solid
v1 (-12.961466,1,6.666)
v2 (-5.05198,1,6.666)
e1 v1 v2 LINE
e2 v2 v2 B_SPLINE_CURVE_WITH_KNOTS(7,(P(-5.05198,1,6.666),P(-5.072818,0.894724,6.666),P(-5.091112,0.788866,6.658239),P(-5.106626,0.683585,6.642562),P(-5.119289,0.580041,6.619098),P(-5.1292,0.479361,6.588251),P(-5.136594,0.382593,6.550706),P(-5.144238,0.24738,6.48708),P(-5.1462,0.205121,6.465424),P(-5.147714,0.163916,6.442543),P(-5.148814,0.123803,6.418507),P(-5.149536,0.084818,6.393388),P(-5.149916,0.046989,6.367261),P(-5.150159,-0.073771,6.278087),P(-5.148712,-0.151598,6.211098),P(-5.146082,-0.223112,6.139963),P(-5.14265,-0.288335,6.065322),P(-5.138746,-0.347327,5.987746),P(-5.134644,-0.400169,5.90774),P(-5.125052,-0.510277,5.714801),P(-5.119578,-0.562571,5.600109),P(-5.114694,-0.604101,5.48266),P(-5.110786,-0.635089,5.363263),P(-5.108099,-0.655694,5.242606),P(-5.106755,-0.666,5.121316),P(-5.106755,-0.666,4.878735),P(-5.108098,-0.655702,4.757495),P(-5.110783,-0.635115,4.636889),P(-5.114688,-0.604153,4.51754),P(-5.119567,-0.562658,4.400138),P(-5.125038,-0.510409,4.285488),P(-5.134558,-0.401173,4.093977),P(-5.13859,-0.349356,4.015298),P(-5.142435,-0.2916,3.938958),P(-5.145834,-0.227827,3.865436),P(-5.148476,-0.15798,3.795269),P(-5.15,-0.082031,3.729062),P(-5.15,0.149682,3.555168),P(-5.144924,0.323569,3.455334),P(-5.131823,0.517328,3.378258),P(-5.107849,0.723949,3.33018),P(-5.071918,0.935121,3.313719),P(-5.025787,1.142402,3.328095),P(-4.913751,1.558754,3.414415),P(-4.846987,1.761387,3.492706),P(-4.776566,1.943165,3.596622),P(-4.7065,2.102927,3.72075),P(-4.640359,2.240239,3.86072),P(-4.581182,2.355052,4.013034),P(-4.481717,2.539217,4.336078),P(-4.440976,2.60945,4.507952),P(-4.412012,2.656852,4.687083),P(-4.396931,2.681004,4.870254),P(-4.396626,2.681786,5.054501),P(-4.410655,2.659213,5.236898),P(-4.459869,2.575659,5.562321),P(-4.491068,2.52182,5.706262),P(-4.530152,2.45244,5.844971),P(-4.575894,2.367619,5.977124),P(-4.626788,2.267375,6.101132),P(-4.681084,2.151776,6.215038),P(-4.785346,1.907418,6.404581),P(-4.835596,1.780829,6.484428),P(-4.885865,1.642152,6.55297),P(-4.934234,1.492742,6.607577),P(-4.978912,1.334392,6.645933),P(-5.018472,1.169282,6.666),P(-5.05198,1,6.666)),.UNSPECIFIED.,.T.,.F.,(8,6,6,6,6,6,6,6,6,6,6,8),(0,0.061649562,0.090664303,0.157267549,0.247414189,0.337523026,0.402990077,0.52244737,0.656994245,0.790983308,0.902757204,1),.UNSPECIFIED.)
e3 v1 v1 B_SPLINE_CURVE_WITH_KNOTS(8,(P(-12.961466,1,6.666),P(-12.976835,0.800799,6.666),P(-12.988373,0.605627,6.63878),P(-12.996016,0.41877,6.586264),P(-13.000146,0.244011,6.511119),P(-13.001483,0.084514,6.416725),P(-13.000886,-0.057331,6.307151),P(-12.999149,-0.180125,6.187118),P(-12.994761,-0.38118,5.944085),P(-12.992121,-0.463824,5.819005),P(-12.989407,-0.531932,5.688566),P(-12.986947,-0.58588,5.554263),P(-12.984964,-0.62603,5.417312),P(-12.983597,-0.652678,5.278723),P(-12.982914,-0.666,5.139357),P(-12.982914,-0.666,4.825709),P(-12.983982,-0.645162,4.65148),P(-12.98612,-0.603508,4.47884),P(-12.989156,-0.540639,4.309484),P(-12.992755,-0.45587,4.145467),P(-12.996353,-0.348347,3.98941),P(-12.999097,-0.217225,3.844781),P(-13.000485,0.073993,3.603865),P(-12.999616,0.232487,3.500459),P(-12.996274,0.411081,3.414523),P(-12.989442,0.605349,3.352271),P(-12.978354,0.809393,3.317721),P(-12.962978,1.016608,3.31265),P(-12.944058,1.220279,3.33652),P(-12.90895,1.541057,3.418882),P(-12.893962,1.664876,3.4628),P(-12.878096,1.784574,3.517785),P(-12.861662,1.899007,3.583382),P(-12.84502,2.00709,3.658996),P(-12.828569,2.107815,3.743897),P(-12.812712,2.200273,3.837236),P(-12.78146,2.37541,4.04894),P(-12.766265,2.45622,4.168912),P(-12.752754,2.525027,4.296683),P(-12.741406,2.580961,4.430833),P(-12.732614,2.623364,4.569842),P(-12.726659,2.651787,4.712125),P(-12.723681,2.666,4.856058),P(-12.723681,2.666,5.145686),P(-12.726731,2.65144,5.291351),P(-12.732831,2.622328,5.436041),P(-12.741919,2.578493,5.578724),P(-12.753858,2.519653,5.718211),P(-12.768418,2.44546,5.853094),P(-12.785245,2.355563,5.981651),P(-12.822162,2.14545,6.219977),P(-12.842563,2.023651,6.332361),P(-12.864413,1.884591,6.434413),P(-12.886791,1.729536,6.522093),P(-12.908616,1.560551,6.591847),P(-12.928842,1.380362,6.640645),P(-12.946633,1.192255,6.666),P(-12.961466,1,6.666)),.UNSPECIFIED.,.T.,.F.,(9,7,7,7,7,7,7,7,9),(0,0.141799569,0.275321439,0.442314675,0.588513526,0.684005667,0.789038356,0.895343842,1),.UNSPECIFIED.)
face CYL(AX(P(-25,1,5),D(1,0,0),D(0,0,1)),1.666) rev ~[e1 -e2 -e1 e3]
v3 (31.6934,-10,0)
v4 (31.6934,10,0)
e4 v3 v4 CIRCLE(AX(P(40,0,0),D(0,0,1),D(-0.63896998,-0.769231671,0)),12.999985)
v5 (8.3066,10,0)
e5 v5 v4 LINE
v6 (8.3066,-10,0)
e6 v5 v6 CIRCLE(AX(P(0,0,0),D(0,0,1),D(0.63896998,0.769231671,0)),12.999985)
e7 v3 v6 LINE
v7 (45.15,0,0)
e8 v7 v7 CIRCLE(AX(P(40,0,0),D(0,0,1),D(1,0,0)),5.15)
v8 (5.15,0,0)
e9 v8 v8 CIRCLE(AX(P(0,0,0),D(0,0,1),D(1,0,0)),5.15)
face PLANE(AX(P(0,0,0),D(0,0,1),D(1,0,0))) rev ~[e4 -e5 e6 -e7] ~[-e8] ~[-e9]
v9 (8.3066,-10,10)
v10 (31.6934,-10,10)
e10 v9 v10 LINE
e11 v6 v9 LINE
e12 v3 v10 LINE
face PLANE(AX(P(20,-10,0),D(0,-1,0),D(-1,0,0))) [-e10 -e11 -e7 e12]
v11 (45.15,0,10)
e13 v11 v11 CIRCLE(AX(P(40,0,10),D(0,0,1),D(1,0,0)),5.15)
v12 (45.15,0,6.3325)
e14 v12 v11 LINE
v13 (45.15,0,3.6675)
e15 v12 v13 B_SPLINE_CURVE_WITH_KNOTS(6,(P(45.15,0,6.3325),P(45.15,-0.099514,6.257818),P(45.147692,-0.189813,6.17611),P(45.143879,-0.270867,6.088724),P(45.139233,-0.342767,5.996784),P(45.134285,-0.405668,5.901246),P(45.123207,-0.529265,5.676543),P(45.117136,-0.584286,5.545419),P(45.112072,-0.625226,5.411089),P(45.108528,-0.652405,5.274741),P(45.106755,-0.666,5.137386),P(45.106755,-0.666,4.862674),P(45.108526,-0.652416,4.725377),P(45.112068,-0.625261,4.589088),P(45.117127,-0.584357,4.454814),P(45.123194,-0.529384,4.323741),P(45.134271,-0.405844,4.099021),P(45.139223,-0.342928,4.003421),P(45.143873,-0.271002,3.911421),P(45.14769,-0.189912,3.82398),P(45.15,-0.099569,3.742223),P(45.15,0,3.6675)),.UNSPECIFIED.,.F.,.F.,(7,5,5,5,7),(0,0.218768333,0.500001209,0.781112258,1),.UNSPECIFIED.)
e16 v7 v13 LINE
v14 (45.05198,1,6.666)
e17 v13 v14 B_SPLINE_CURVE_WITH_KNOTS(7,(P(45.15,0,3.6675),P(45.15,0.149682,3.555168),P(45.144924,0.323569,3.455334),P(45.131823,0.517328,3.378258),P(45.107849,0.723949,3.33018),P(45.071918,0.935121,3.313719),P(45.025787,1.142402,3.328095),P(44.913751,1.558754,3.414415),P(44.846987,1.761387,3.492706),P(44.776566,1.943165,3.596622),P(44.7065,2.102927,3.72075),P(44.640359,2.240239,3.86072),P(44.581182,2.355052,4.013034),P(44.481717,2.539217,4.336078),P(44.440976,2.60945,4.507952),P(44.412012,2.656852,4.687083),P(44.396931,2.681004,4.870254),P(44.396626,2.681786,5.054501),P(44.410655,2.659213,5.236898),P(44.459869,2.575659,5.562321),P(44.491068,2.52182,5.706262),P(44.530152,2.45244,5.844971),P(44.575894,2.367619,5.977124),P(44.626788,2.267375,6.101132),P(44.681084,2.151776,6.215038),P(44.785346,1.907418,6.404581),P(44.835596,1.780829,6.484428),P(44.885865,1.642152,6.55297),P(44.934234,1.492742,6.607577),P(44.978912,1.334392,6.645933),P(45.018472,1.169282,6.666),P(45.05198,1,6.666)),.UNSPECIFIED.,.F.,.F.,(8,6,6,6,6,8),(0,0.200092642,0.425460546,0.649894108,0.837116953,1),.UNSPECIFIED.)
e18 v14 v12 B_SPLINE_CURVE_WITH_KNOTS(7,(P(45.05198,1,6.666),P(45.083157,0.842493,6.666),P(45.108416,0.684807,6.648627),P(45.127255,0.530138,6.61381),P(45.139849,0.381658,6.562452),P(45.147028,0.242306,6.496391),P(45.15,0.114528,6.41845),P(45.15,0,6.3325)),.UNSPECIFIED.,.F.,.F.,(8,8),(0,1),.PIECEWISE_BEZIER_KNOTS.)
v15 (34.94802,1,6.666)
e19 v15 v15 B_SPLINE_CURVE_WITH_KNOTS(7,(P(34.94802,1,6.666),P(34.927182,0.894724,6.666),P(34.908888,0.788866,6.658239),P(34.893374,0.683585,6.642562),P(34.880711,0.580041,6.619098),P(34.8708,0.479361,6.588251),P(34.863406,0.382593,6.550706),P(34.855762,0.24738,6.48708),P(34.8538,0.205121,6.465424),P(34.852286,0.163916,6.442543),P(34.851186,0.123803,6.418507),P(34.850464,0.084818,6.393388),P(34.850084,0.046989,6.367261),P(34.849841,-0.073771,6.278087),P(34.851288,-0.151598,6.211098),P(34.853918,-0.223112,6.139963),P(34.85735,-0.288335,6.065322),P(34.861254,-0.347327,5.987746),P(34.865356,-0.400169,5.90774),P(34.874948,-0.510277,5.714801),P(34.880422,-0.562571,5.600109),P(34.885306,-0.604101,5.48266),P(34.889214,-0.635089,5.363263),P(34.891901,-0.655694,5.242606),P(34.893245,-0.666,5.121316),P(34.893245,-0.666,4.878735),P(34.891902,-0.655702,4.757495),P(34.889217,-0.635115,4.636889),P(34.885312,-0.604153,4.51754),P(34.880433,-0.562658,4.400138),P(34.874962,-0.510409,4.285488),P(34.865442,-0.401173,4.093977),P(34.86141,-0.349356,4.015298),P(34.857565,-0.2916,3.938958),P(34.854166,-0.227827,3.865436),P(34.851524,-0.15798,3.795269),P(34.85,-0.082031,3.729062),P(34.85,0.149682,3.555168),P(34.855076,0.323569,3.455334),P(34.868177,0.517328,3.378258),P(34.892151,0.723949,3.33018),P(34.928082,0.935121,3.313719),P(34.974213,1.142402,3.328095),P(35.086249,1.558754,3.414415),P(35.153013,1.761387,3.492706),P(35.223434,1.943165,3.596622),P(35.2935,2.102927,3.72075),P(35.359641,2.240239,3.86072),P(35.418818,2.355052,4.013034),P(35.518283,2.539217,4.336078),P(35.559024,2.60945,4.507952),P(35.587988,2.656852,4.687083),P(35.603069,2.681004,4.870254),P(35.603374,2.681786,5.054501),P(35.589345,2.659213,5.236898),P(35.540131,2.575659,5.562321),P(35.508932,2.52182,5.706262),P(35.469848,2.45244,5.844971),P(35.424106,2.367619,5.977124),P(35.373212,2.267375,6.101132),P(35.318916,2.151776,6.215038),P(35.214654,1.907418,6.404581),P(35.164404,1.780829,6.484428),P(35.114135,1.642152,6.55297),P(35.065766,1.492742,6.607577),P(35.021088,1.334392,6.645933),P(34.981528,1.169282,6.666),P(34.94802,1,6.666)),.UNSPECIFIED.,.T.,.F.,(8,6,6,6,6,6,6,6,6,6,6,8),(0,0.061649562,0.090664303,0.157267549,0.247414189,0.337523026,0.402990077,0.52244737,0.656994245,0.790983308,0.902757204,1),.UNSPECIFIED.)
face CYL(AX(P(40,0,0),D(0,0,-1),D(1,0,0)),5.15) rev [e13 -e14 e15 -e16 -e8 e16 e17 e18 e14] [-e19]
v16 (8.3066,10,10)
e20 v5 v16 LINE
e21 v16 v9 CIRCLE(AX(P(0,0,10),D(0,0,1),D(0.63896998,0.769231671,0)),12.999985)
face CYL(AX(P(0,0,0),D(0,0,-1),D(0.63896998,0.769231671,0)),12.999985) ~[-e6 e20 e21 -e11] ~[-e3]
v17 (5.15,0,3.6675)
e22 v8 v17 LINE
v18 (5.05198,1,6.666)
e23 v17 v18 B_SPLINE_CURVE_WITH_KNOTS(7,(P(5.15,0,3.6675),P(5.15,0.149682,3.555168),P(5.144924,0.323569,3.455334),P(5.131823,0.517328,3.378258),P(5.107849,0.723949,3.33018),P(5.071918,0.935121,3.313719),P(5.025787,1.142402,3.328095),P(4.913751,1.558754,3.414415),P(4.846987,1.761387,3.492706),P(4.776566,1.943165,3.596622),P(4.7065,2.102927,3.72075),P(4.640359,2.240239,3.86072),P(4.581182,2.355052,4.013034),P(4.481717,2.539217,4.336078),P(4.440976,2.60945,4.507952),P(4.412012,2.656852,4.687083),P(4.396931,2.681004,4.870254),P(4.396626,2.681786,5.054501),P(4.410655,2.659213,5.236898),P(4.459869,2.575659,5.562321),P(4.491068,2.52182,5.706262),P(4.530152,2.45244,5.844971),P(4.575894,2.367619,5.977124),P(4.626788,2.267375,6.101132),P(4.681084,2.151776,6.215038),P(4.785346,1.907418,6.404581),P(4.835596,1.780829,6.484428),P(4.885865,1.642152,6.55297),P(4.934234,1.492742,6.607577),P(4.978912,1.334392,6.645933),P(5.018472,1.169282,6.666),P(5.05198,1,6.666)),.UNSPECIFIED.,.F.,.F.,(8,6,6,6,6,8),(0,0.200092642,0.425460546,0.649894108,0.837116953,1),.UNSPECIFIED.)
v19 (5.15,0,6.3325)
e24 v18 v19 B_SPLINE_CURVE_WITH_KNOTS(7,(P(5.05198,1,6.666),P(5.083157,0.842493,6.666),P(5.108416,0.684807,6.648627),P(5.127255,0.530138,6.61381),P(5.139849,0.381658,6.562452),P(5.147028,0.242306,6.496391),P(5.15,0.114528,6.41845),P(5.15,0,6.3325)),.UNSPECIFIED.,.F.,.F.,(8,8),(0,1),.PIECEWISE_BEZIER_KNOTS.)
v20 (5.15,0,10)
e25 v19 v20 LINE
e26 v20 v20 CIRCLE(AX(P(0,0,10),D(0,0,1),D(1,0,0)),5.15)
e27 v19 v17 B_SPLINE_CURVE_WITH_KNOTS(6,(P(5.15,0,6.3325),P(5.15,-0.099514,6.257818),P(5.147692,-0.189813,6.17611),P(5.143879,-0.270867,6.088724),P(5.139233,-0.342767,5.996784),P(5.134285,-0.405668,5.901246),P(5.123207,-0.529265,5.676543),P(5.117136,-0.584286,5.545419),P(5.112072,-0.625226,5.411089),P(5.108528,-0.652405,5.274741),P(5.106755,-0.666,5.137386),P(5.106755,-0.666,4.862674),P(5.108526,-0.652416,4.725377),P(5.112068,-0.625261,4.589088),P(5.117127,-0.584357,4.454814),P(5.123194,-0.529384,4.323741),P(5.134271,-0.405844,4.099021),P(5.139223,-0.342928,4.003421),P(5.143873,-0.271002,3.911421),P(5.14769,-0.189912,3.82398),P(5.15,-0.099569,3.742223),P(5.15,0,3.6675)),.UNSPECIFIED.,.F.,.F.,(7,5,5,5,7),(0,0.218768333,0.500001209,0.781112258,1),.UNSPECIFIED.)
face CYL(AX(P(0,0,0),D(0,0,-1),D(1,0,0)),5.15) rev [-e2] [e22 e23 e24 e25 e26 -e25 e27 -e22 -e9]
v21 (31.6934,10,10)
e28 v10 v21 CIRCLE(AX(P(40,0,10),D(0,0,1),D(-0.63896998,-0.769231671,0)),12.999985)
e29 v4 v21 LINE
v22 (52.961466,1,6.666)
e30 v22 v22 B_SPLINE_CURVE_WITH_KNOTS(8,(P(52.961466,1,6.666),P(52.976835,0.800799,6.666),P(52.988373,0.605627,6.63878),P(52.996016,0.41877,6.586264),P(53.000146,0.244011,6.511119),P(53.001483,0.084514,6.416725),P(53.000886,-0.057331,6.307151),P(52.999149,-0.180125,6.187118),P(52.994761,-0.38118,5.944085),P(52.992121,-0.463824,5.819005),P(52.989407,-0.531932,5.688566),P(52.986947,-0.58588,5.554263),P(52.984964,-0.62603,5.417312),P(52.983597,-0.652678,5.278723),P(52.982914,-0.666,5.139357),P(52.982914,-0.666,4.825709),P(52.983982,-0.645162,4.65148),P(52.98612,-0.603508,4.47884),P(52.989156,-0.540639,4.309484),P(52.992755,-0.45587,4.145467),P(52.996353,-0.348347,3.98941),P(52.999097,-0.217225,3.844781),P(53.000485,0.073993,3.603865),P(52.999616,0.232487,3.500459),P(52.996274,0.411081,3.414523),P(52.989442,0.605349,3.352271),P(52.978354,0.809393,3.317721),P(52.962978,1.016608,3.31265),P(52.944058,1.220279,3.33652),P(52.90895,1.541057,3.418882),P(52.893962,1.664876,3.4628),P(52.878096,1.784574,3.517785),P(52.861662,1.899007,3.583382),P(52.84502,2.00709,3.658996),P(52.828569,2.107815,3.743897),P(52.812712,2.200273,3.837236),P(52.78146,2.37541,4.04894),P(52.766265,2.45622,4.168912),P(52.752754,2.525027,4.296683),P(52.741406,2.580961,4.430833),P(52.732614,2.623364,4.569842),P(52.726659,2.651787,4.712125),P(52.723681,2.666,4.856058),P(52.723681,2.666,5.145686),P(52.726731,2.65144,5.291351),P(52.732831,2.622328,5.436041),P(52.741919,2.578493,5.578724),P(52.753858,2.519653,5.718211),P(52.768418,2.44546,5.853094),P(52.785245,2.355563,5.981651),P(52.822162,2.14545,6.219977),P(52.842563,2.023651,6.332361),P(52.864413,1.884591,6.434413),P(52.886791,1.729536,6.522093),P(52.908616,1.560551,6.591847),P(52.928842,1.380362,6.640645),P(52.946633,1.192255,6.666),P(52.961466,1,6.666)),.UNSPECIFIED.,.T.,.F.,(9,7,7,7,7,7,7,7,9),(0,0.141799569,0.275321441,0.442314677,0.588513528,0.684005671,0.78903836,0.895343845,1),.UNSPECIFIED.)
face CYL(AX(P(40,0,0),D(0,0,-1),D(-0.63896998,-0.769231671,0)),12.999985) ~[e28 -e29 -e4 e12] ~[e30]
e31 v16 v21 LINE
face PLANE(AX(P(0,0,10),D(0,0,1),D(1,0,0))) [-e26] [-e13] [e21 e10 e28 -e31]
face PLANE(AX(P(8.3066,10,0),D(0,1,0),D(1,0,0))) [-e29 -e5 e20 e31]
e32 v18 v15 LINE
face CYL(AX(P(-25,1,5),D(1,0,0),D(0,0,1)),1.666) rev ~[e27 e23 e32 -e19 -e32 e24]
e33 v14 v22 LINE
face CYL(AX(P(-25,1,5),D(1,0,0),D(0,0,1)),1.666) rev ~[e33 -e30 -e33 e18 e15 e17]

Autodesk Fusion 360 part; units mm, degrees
sketch "Eskiz1" plane through (0, 0, 0) normal (0, 0, 1) x (1, 0, 0)
  circle A0 centre (0, 0) radius 5.15
  circle A1 centre (40, 0) radius 5.15
  line L0 (8.3066, 10) -> (31.6934, 10)
  line L1 (20, -10) -> (8.3066, -10)
  line L2 (20, -10) -> (31.6934, -10)
  arc A2 (8.3066, 10) -> (8.3066, -10) centre (0, 0) ccw
  arc A3 (31.6934, -10) -> (31.6934, 10) centre (40, 0) ccw
  dimension "d1" = 26
  dimension "d2" = 40
  dimension "d3" = 26
  dimension "d4" = 10.3
  dimension "d5" = 10.3
extrude "Ekstrüde Et1" add sketch "Eskiz1" along normal blind 10 makes body 1
sketch "Eskiz2" plane through (0, 0, 0) normal (0, 0, 1) x (1, 0, 0)
  line L0 (-25, 0) -> (-24, 0)
  line L1 (-24, 0) -> (-24, 2)
  line L2 (-24, 2) -> (-25, 2)
  line L3 (-25, 2) -> (-25, 0)
extrude "Ekstrüde Et2" add sketch "Eskiz2" along normal blind 5 separate body makes body 2
sketch "Eskiz3" plane through (-25, 0, 0) normal (-1, 0, 0) x (0, -1, 0)
  line L0 (-2, 0) -> (0, 0)
  line L1 (0, 0) -> (0, 5)
  line L2 (0, 5) -> (-2, 5)
  line L3 (-2, 5) -> (-2, 0)
  line L4 (-1, 5) -> (-1, 4.2255)
hole "Delik1" at (-25, 1, 5) direction (1, 0, 0) diameter 3.332 depth 80 tip angle 118 bodies 1 2
delete_body "GövdeyiKaldır1" bodies 2
equation "d1 = 10 mm + 16 mm"
equation "d3 = 16 mm + 10 mm"
